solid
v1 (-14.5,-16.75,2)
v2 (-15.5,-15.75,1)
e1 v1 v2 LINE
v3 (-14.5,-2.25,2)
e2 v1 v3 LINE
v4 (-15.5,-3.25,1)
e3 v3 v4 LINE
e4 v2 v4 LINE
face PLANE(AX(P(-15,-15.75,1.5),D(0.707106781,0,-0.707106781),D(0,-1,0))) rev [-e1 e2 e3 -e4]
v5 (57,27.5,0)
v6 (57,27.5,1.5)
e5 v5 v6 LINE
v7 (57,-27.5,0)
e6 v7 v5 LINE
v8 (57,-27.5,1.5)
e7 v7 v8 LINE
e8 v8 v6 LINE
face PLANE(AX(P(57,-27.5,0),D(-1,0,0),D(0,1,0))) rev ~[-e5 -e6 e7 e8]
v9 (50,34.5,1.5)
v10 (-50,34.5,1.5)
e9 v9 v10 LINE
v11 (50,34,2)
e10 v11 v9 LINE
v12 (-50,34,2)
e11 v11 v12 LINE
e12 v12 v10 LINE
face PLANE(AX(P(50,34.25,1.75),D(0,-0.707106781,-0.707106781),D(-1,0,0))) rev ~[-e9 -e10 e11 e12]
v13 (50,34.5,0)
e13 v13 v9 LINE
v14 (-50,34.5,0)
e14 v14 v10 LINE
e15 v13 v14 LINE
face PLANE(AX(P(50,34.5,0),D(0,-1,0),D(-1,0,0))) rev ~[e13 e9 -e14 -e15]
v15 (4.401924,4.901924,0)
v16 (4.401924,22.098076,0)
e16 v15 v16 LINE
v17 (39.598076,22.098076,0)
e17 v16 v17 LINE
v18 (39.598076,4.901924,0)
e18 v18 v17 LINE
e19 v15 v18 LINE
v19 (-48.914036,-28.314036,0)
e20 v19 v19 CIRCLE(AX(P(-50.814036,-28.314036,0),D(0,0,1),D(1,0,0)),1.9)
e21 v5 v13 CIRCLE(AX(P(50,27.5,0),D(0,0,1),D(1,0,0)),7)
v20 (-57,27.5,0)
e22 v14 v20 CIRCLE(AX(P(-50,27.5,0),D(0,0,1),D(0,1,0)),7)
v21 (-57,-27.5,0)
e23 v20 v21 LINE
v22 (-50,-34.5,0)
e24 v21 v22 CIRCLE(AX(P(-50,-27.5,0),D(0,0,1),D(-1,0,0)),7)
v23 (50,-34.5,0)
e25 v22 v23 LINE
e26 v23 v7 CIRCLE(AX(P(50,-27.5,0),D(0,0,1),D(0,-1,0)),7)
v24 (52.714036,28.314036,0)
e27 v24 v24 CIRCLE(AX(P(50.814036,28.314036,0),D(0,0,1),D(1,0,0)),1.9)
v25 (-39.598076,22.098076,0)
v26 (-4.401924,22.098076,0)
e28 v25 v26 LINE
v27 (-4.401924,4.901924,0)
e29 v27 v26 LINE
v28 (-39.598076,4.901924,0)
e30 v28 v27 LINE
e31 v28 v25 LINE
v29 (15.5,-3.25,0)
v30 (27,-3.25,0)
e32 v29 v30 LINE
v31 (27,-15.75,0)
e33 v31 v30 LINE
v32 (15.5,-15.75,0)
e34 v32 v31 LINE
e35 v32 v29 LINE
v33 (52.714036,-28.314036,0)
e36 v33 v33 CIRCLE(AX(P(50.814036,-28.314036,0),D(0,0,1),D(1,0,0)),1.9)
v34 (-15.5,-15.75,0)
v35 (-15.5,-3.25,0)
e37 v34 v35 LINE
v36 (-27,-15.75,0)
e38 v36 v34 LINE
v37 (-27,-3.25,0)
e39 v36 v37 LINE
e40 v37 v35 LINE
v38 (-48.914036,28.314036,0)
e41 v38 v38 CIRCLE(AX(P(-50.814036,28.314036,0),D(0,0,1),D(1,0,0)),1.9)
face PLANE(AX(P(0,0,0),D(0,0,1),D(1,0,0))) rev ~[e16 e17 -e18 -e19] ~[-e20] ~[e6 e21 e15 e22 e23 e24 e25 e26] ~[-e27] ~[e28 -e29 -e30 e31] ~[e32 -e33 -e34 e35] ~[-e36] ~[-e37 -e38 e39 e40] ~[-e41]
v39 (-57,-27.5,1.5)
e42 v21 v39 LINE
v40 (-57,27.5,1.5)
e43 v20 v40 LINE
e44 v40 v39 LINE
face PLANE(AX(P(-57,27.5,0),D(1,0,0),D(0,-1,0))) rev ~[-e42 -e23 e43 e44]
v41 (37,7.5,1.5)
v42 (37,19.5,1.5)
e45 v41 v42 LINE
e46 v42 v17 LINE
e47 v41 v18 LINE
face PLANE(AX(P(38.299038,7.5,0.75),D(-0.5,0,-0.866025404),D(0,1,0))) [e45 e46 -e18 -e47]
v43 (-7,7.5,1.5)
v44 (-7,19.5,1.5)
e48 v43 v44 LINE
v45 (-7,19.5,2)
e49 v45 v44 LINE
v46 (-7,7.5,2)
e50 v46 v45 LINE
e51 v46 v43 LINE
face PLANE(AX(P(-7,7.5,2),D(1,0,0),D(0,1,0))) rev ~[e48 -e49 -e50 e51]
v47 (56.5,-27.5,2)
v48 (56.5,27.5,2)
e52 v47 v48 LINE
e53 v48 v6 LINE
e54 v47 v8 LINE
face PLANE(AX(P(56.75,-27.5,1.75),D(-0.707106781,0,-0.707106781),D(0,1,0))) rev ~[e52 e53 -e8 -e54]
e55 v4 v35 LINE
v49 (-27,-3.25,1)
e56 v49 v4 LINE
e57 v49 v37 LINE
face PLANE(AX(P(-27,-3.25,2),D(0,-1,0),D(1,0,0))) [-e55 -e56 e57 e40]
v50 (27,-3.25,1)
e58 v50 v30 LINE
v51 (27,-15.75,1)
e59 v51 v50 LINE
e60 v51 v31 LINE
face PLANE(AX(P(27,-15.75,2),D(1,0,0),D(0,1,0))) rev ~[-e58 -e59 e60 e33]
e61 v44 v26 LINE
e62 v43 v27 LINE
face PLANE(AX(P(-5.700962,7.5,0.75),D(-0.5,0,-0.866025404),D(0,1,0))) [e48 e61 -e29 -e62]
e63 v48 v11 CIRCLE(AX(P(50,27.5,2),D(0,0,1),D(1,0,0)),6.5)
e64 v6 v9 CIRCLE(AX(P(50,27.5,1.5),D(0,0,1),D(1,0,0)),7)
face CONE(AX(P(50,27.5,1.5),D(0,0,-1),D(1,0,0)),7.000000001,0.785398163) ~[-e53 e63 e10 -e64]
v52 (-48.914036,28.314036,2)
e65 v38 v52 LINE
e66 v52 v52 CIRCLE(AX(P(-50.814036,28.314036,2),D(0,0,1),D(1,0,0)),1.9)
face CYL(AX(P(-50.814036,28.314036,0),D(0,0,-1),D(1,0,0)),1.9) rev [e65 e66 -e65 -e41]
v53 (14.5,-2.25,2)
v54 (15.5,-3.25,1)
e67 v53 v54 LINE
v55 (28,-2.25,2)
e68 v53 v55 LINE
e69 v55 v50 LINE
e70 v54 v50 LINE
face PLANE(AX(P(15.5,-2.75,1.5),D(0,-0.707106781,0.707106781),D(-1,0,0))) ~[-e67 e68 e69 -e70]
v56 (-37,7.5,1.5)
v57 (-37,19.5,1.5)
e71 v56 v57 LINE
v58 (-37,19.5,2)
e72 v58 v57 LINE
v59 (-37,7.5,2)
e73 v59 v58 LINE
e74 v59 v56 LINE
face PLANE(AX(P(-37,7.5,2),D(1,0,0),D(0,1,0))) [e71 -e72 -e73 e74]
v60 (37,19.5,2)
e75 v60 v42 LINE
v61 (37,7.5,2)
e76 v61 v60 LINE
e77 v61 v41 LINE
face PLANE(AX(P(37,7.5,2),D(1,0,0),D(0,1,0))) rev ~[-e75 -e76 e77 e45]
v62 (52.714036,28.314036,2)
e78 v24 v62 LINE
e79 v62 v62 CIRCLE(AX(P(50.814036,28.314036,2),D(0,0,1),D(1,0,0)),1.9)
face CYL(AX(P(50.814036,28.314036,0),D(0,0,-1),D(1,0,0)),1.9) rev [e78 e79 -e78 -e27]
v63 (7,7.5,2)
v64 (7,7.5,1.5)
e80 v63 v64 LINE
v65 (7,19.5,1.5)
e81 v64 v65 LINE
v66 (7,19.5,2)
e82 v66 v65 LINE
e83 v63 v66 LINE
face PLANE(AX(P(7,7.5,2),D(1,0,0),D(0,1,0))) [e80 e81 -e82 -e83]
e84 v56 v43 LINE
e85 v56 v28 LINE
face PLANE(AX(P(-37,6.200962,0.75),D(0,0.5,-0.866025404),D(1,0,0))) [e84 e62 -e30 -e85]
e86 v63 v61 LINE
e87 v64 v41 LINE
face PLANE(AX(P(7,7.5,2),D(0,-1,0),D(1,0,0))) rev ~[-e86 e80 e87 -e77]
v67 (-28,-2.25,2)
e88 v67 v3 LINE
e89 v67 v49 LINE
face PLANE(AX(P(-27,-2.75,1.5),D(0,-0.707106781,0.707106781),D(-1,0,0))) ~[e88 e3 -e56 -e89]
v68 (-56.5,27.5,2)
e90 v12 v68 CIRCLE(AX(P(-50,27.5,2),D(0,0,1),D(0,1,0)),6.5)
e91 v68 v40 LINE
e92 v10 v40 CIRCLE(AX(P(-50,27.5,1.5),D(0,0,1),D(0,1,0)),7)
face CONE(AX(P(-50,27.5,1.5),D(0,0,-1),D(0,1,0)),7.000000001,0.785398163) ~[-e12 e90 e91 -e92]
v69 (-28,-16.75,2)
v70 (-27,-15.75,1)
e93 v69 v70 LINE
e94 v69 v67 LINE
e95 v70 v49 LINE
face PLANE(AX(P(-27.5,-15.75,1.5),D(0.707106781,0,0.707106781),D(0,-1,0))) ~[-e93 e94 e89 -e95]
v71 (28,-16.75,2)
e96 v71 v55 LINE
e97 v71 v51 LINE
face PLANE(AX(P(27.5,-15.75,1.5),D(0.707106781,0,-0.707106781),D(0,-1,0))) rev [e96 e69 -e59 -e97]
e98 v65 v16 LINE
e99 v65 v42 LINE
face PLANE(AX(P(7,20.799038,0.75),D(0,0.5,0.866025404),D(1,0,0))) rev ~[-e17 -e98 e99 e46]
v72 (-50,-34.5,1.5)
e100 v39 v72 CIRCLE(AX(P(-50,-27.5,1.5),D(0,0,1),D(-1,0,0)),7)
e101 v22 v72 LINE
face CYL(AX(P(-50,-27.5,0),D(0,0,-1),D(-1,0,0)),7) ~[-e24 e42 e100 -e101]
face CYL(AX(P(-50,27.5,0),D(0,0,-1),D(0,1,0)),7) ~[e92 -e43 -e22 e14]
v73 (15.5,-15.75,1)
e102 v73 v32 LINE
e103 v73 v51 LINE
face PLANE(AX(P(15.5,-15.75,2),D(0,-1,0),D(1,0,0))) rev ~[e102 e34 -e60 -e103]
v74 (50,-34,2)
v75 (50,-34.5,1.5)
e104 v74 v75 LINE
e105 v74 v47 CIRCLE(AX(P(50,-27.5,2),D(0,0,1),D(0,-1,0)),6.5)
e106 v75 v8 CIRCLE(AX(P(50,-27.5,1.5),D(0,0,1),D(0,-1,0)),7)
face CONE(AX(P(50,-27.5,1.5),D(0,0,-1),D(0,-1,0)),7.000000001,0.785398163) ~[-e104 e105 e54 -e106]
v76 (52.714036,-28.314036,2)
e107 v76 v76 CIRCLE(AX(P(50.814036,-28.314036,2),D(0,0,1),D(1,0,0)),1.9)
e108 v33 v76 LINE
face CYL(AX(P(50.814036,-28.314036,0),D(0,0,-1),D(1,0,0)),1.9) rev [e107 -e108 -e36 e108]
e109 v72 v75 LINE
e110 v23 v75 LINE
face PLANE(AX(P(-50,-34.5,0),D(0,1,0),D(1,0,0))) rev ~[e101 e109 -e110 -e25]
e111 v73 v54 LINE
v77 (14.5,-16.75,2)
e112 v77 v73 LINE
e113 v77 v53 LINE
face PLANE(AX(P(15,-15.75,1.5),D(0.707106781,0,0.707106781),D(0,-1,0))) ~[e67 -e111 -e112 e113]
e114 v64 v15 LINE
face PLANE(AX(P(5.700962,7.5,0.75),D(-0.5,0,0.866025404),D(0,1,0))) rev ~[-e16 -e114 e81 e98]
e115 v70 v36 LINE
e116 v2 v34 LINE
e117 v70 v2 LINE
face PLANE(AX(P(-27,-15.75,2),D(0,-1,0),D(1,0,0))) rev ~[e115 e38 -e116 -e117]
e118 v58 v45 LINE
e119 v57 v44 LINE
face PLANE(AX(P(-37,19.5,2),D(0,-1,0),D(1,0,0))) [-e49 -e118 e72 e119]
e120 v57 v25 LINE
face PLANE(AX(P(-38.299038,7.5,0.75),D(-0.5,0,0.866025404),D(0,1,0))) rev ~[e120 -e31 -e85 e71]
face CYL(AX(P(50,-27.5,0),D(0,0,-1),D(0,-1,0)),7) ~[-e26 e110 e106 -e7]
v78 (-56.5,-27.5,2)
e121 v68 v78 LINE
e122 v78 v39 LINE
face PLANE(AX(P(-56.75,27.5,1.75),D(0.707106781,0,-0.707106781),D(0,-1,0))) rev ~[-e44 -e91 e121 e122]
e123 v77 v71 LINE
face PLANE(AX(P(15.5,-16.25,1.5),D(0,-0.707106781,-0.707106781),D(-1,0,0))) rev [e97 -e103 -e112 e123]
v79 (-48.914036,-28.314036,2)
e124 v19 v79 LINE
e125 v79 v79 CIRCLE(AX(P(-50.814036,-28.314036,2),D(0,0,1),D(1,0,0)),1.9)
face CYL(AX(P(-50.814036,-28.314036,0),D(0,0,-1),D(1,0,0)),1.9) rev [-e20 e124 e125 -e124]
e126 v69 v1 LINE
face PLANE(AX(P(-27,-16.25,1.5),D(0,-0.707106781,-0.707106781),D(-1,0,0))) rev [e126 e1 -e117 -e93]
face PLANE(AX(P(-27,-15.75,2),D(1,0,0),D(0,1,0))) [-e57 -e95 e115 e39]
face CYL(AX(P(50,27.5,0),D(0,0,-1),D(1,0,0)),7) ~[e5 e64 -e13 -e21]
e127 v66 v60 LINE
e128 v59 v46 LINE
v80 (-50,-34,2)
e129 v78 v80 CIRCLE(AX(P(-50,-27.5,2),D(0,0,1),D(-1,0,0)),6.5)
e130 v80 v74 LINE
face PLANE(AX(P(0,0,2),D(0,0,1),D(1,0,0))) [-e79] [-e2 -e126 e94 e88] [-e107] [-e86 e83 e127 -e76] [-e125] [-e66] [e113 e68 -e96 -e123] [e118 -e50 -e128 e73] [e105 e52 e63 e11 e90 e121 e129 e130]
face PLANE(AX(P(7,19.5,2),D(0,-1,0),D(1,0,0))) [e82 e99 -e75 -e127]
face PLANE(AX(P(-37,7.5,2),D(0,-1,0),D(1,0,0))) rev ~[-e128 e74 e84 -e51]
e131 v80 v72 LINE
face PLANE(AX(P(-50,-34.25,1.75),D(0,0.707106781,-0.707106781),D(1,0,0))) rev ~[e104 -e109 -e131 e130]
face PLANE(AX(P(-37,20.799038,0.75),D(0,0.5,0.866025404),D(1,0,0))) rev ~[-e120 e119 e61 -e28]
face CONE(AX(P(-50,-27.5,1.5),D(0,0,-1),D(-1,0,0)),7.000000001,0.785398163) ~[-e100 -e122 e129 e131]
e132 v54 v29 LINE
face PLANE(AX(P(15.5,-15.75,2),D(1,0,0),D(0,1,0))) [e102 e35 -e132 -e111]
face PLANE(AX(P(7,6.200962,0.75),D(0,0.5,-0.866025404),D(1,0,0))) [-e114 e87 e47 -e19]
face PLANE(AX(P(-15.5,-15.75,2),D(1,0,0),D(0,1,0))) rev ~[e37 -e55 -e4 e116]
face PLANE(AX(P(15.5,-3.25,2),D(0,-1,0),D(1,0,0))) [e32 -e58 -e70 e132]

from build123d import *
from OCP.BRepFilletAPI import BRepFilletAPI_MakeChamfer

# Parameters (mm, degrees)
SKETCH1_R           = 1.9
BOSS_EXTRUDE1_DEPTH = 2
SKETCH6_W           = 11.5
SKETCH6_H           = 12.5
SKETCH6_W_2         = 30
SKETCH6_H_2         = 12
CUT_EXTRUDE2_DEPTH  = 2
CHAMFER4_SIZE       = 1
CHAMFER5_SIZE       = 1.5
CHAMFER5_SIZE2      = 2.598076211
CHAMFER6_SIZE       = 0.5


with BuildPart() as part:
    # Sketch1 → Boss-Extrude1 (new body)
    with BuildSketch(Plane.XY):
        with BuildLine():
            Line((-57, 27.5), (-57, -27.5))
            ThreePointArc((-57, -27.5), (-54.949747468, -32.449747468), (-50, -34.5))
            Line((-50, -34.5), (50, -34.5))
            ThreePointArc((50, -34.5), (54.949747468, -32.449747468), (57, -27.5))
            Line((57, -27.5), (57, 27.5))
            ThreePointArc((57, 27.5), (54.949747468, 32.449747468), (50, 34.5))
            Line((50, 34.5), (-50, 34.5))
            ThreePointArc((-50, 34.5), (-54.949747468, 32.449747468), (-57, 27.5))
        make_face()
        with Locations((-50.814035536, 28.314035536)):
            Circle(SKETCH1_R, mode=Mode.SUBTRACT)
        with Locations((50.814035536, 28.314035536)):
            Circle(SKETCH1_R, mode=Mode.SUBTRACT)
        with Locations((50.814035536, -28.314035536)):
            Circle(SKETCH1_R, mode=Mode.SUBTRACT)
        with Locations((-50.814035536, -28.314035536)):
            Circle(SKETCH1_R, mode=Mode.SUBTRACT)
    extrude(amount=BOSS_EXTRUDE1_DEPTH)

    # Sketch6 → Cut-Extrude2 (cut)
    with BuildSketch(Plane.XY.offset(2)):
        with Locations((-21.25, -9.5)):
            Rectangle(SKETCH6_W, SKETCH6_H)
        with Locations((21.25, -9.5)):
            Rectangle(SKETCH6_W, SKETCH6_H)
        with Locations((-22, 13.5)):
            Rectangle(SKETCH6_W_2, SKETCH6_H_2)
        with Locations((22, 13.5)):
            Rectangle(SKETCH6_W_2, SKETCH6_H_2)
    extrude(amount=-CUT_EXTRUDE2_DEPTH, mode=Mode.SUBTRACT)

    # Chamfer4
    chamfer4_edges = [part.edges().sort_by_distance(p)[0] for p in [
        (27, -9.5, 2),
        (21.25, -3.25, 2),
        (15.5, -9.5, 2),
        (21.25, -15.75, 2),
        (-15.5, -9.5, 2),
        (-21.25, -3.25, 2),
        (-27, -9.5, 2),
        (-21.25, -15.75, 2),
    ]]
    chamfer(chamfer4_edges, length=CHAMFER4_SIZE)

    # Chamfer5: one chamfer whose edges measure the first distance from different faces: ONE call of the kernel's chamfer builder (chamfer() names one face for all edges)
    chamfer5_edges_1 = [part.edges().sort_by_distance(p)[0] for p in [
        (-7, 13.5, 0),
    ]]
    chamfer5_side_1 = [part.faces().sort_by_distance(p)[0] for p in [
        (-7, 13.5, 1),
    ]]
    chamfer5_edges_2 = [part.edges().sort_by_distance(p)[0] for p in [
        (-22, 7.5, 0),
    ]]
    chamfer5_side_2 = [part.faces().sort_by_distance(p)[0] for p in [
        (-22, 7.5, 1),
    ]]
    chamfer5_edges_3 = [part.edges().sort_by_distance(p)[0] for p in [
        (-37, 13.5, 0),
    ]]
    chamfer5_side_3 = [part.faces().sort_by_distance(p)[0] for p in [
        (-37, 13.5, 1),
    ]]
    chamfer5_edges_4 = [part.edges().sort_by_distance(p)[0] for p in [
        (-22, 19.5, 0),
    ]]
    chamfer5_side_4 = [part.faces().sort_by_distance(p)[0] for p in [
        (-22, 19.5, 1),
    ]]
    chamfer5_edges_5 = [part.edges().sort_by_distance(p)[0] for p in [
        (37, 13.5, 0),
    ]]
    chamfer5_side_5 = [part.faces().sort_by_distance(p)[0] for p in [
        (37, 13.5, 1),
    ]]
    chamfer5_edges_6 = [part.edges().sort_by_distance(p)[0] for p in [
        (22, 7.5, 0),
    ]]
    chamfer5_side_6 = [part.faces().sort_by_distance(p)[0] for p in [
        (22, 7.5, 1),
    ]]
    chamfer5_edges_7 = [part.edges().sort_by_distance(p)[0] for p in [
        (7, 13.5, 0),
    ]]
    chamfer5_side_7 = [part.faces().sort_by_distance(p)[0] for p in [
        (7, 13.5, 1),
    ]]
    chamfer5_edges_8 = [part.edges().sort_by_distance(p)[0] for p in [
        (22, 19.5, 0),
    ]]
    chamfer5_side_8 = [part.faces().sort_by_distance(p)[0] for p in [
        (22, 19.5, 1),
    ]]
    chamfer5 = BRepFilletAPI_MakeChamfer(part.part.solid().wrapped)
    for e in chamfer5_edges_1:
        chamfer5.Add(CHAMFER5_SIZE, CHAMFER5_SIZE2, e.wrapped, chamfer5_side_1[0].wrapped)  # the first distance lies on this face
    for e in chamfer5_edges_2:
        chamfer5.Add(CHAMFER5_SIZE, CHAMFER5_SIZE2, e.wrapped, chamfer5_side_2[0].wrapped)  # the first distance lies on this face
    for e in chamfer5_edges_3:
        chamfer5.Add(CHAMFER5_SIZE, CHAMFER5_SIZE2, e.wrapped, chamfer5_side_3[0].wrapped)  # the first distance lies on this face
    for e in chamfer5_edges_4:
        chamfer5.Add(CHAMFER5_SIZE, CHAMFER5_SIZE2, e.wrapped, chamfer5_side_4[0].wrapped)  # the first distance lies on this face
    for e in chamfer5_edges_5:
        chamfer5.Add(CHAMFER5_SIZE, CHAMFER5_SIZE2, e.wrapped, chamfer5_side_5[0].wrapped)  # the first distance lies on this face
    for e in chamfer5_edges_6:
        chamfer5.Add(CHAMFER5_SIZE, CHAMFER5_SIZE2, e.wrapped, chamfer5_side_6[0].wrapped)  # the first distance lies on this face
    for e in chamfer5_edges_7:
        chamfer5.Add(CHAMFER5_SIZE, CHAMFER5_SIZE2, e.wrapped, chamfer5_side_7[0].wrapped)  # the first distance lies on this face
    for e in chamfer5_edges_8:
        chamfer5.Add(CHAMFER5_SIZE, CHAMFER5_SIZE2, e.wrapped, chamfer5_side_8[0].wrapped)  # the first distance lies on this face
    add(Compound.cast(chamfer5.Shape()), mode=Mode.REPLACE)

    # Chamfer6
    chamfer6_edges = [part.edges().sort_by_distance(p)[0] for p in [
        (57, 0, 2),
        (54.949747468, 32.449747468, 2),
        (0, 34.5, 2),
        (-54.949747468, 32.449747468, 2),
        (-57, 0, 2),
        (-54.949747468, -32.449747468, 2),
        (0, -34.5, 2),
        (54.949747468, -32.449747468, 2),
    ]]
    chamfer(chamfer6_edges, length=CHAMFER6_SIZE)


solid = part.part
